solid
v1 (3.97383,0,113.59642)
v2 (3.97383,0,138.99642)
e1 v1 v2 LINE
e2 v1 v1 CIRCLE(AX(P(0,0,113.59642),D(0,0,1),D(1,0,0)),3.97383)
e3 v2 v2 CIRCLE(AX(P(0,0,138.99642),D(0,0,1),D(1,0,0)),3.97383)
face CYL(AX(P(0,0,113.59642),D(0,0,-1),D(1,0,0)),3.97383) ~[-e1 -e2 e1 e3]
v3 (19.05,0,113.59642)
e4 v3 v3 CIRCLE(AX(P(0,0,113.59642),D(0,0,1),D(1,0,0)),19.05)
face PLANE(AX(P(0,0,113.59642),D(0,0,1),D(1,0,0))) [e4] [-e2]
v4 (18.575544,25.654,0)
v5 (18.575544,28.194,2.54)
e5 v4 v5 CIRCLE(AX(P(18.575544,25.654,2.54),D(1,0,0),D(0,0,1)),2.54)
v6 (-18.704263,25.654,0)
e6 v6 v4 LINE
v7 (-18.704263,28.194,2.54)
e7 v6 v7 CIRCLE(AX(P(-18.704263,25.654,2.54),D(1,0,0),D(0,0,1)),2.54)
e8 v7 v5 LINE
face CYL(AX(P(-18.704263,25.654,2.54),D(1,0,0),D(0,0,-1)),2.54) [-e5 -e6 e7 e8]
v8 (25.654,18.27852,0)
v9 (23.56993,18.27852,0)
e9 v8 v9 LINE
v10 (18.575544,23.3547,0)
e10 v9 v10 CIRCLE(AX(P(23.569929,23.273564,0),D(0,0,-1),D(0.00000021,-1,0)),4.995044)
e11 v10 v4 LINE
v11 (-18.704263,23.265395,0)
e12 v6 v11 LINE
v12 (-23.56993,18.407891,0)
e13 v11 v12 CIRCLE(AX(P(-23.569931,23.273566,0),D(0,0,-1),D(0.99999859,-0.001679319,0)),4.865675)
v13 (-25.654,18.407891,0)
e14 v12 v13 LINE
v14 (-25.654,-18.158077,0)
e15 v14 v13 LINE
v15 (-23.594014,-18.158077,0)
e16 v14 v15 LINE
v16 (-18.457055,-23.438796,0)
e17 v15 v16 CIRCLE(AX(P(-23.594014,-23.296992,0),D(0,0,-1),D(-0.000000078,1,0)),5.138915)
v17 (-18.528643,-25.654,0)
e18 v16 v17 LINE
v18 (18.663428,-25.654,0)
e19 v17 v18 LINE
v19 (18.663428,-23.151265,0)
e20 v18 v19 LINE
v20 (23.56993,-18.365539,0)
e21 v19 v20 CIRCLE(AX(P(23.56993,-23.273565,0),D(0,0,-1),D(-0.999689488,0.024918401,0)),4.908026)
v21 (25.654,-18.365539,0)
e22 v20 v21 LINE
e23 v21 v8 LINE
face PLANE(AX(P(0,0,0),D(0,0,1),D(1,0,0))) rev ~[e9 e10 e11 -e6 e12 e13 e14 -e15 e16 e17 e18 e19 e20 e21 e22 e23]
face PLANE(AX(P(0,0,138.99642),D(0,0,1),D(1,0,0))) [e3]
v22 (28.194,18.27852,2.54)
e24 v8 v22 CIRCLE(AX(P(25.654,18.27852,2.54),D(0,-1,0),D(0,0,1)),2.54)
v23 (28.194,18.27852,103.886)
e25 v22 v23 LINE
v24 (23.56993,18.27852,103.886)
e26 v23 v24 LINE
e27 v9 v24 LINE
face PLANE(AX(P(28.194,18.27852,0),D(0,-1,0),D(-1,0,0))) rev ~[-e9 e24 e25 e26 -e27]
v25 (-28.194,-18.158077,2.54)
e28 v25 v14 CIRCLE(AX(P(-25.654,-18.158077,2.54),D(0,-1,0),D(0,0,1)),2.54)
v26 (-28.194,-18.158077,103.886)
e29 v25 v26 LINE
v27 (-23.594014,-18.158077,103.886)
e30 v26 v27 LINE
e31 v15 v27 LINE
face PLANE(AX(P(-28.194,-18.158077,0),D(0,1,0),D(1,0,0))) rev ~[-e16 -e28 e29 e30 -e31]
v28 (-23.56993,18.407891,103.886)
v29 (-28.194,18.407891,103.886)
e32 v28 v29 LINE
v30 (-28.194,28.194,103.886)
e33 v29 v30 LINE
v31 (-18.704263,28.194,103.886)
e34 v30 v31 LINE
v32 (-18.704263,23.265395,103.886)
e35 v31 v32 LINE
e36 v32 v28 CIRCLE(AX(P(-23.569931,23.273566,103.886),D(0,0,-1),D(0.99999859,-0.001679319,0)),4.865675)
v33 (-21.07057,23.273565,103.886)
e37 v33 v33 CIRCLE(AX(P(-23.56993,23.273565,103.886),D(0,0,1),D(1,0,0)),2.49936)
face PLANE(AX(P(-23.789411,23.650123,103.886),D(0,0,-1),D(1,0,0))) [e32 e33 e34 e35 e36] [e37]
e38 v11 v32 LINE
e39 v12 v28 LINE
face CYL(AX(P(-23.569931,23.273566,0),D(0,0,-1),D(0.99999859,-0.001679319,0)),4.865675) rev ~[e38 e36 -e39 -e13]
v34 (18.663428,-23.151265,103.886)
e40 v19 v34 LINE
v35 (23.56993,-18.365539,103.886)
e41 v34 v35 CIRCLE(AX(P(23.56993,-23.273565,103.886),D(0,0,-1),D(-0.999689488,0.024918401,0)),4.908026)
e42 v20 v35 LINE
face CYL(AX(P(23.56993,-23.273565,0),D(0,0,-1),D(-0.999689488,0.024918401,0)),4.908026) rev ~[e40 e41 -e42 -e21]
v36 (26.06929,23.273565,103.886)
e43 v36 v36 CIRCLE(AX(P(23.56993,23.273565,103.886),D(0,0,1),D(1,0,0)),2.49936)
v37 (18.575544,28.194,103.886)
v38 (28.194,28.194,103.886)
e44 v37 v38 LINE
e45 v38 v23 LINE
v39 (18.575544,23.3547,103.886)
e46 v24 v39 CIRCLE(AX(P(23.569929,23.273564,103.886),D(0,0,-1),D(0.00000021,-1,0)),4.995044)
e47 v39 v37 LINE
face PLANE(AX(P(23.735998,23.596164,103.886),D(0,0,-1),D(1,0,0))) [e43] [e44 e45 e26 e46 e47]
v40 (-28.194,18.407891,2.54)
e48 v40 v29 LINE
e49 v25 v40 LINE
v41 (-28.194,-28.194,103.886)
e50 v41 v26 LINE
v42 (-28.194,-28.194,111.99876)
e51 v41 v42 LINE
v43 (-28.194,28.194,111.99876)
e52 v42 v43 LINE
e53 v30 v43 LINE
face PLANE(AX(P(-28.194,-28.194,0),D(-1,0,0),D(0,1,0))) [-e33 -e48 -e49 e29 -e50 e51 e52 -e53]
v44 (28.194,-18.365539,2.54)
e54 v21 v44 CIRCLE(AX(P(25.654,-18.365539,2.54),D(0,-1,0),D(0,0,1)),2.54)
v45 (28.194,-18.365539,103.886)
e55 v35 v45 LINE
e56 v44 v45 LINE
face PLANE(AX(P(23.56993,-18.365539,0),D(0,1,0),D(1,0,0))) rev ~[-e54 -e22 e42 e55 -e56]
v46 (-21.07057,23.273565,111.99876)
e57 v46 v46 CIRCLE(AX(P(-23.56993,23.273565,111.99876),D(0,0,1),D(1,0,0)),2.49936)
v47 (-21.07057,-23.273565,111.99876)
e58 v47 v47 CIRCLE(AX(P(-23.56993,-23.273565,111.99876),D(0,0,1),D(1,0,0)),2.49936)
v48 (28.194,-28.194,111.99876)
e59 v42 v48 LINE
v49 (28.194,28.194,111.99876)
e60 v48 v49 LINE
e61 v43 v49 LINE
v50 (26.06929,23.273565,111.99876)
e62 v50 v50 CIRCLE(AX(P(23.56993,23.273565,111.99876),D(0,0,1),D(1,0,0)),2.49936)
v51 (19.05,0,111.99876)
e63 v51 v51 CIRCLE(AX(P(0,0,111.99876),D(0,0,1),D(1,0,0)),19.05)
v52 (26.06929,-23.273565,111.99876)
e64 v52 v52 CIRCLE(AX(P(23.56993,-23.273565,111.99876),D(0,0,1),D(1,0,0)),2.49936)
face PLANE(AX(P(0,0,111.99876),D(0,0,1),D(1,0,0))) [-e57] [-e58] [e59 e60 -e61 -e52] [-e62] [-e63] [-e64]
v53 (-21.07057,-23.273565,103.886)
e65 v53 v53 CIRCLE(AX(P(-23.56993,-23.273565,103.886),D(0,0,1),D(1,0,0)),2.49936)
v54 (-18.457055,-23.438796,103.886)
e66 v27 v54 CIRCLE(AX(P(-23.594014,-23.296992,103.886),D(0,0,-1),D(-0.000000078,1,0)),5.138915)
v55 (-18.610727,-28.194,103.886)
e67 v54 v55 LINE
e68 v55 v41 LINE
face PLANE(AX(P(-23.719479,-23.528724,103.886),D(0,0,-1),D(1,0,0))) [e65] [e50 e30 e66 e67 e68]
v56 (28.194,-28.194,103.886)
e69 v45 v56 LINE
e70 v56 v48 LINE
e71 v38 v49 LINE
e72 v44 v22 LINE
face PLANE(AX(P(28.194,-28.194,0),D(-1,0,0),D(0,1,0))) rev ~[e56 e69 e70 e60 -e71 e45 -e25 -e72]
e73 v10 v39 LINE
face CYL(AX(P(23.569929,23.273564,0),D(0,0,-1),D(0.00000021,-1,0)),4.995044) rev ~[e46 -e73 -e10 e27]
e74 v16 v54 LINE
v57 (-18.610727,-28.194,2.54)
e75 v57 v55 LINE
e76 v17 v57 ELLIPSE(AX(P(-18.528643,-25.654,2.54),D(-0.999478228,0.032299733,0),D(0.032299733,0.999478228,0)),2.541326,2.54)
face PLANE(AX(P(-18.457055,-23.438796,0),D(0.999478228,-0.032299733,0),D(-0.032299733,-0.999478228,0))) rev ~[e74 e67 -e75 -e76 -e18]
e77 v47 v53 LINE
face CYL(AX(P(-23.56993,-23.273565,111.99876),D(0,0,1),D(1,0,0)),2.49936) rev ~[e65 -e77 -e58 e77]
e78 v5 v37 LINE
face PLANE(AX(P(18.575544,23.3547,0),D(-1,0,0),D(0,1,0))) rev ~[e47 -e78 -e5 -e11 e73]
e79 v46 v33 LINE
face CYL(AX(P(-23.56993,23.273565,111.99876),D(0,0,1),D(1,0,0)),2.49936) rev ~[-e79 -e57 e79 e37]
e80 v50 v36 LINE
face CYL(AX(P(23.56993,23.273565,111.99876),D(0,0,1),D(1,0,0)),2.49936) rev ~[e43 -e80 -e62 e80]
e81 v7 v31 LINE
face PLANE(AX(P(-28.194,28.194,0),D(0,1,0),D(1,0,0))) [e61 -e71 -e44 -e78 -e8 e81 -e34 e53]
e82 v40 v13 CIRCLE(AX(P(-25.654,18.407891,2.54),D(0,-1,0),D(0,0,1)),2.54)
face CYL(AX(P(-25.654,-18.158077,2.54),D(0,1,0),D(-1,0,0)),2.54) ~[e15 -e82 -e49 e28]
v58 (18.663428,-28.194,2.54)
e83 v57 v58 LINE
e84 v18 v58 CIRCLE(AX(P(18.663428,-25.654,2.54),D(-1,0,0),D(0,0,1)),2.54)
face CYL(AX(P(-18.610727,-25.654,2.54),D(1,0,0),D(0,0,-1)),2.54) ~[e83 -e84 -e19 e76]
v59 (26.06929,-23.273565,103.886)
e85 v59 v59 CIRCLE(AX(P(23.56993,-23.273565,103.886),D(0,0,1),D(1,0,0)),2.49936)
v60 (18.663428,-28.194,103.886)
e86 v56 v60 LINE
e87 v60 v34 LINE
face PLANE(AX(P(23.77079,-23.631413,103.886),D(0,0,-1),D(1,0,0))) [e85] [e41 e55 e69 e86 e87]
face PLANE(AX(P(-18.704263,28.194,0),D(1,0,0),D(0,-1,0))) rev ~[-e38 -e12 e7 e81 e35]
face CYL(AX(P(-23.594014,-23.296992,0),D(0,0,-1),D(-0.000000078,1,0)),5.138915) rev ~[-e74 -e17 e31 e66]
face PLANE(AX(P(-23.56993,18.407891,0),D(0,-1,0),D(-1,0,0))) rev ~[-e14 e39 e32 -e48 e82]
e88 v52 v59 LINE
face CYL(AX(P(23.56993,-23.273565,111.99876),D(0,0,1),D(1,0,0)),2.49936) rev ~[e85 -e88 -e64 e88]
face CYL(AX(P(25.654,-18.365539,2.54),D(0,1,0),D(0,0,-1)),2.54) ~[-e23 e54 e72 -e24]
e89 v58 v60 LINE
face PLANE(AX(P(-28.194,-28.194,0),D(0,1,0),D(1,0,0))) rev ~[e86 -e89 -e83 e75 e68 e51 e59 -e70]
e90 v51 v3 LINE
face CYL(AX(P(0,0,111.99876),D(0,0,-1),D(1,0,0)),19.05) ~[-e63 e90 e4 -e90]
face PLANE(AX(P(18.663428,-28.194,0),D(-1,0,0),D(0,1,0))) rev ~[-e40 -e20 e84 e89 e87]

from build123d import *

# Parameters (mm, degrees)
F0_W     = 56.388
F0_H     = 56.388
F1_DEPTH = 111.99876
F2_R     = 2.49936
F3_DEPTH = 111.99976
F4_R     = 19.05
F5_DEPTH = 1.59766
F6_R     = 3.97383
F7_DEPTH = 25.4
F9_DEPTH = 103.886
F10_R    = 2.54


with BuildPart() as f1:
    # F0 (on Top) → F1 (new body)
    with BuildSketch(Plane.XY):
        Rectangle(F0_W, F0_H)
    extrude(amount=F1_DEPTH)

    # F2 (on face) → F3 (cut, through all)
    with BuildSketch(Plane.XY.offset(111.99876)):
        with Locations((-23.56993, 23.273565)):
            Circle(F2_R)
        with Locations((23.56993, 23.273565)):
            Circle(F2_R)
        with Locations((23.56993, -23.273565)):
            Circle(F2_R)
        with Locations((-23.56993, -23.273565)):
            Circle(F2_R)
    extrude(amount=-F3_DEPTH, mode=Mode.SUBTRACT)

    # F4 (on face) → F5 (join)
    with BuildSketch(Plane.XY.offset(111.99876)):
        Circle(F4_R)
    extrude(amount=F5_DEPTH)

    # F6 (on face) → F7 (join)
    with BuildSketch(Plane.XY.offset(113.59642)):
        Circle(F6_R)
    extrude(amount=F7_DEPTH)

    # F8 (on face) → F9 (cut)
    with BuildSketch(Plane(origin=(0, 0, 0), x_dir=(1, 0, 0), z_dir=(0, 0, -1))):
        with BuildLine():
            ThreePointArc((-23.594014, 18.158077), (-19.910458, 19.713716), (-18.457055, 23.438796))
            Line((-18.457055, 23.438796), (-18.610727, 28.194))
            Line((-18.610727, 28.194), (-28.194, 28.194))
            Line((-28.194, 28.194), (-28.194, 18.158077))
            Line((-28.194, 18.158077), (-23.594014, 18.158077))
        make_face()
        with BuildLine():
            Line((-18.704263, -28.194), (-18.704263, -23.265395))
            ThreePointArc((-18.704263, -23.265395), (-20.132269, -19.830127), (-23.56993, -18.407891))
            Line((-23.56993, -18.407891), (-28.194, -18.407891))
            Line((-28.194, -18.407891), (-28.194, -28.194))
            Line((-28.194, -28.194), (-18.704263, -28.194))
        make_face()
        with BuildLine():
            ThreePointArc((23.56993, -18.27852), (20.009329, -19.770338), (18.575544, -23.3547))
            Line((18.575544, -23.3547), (18.575544, -28.194))
            Line((18.575544, -28.194), (28.194, -28.194))
            Line((28.194, -28.194), (28.194, -18.27852))
            Line((28.194, -18.27852), (23.56993, -18.27852))
        make_face()
        with BuildLine():
            Line((18.663428, 28.194), (18.663428, 23.151265))
            ThreePointArc((18.663428, 23.151265), (20.142944, 19.760093), (23.56993, 18.365539))
            Line((23.56993, 18.365539), (28.194, 18.365539))
            Line((28.194, 18.365539), (28.194, 28.194))
            Line((28.194, 28.194), (18.663428, 28.194))
        make_face()
    extrude(amount=-F9_DEPTH, mode=Mode.SUBTRACT)

    # F10
    f10_edges = [f1.edges().sort_by_distance(p)[0] for p in [
        (-28.194, 0.124907, 0),
        (0.026351, -28.194, 0),
        (28.194, -0.04351, 0),
        (-0.06436, 28.194, 0),
    ]]
    fillet(f10_edges, radius=F10_R)


solid = f1.part
